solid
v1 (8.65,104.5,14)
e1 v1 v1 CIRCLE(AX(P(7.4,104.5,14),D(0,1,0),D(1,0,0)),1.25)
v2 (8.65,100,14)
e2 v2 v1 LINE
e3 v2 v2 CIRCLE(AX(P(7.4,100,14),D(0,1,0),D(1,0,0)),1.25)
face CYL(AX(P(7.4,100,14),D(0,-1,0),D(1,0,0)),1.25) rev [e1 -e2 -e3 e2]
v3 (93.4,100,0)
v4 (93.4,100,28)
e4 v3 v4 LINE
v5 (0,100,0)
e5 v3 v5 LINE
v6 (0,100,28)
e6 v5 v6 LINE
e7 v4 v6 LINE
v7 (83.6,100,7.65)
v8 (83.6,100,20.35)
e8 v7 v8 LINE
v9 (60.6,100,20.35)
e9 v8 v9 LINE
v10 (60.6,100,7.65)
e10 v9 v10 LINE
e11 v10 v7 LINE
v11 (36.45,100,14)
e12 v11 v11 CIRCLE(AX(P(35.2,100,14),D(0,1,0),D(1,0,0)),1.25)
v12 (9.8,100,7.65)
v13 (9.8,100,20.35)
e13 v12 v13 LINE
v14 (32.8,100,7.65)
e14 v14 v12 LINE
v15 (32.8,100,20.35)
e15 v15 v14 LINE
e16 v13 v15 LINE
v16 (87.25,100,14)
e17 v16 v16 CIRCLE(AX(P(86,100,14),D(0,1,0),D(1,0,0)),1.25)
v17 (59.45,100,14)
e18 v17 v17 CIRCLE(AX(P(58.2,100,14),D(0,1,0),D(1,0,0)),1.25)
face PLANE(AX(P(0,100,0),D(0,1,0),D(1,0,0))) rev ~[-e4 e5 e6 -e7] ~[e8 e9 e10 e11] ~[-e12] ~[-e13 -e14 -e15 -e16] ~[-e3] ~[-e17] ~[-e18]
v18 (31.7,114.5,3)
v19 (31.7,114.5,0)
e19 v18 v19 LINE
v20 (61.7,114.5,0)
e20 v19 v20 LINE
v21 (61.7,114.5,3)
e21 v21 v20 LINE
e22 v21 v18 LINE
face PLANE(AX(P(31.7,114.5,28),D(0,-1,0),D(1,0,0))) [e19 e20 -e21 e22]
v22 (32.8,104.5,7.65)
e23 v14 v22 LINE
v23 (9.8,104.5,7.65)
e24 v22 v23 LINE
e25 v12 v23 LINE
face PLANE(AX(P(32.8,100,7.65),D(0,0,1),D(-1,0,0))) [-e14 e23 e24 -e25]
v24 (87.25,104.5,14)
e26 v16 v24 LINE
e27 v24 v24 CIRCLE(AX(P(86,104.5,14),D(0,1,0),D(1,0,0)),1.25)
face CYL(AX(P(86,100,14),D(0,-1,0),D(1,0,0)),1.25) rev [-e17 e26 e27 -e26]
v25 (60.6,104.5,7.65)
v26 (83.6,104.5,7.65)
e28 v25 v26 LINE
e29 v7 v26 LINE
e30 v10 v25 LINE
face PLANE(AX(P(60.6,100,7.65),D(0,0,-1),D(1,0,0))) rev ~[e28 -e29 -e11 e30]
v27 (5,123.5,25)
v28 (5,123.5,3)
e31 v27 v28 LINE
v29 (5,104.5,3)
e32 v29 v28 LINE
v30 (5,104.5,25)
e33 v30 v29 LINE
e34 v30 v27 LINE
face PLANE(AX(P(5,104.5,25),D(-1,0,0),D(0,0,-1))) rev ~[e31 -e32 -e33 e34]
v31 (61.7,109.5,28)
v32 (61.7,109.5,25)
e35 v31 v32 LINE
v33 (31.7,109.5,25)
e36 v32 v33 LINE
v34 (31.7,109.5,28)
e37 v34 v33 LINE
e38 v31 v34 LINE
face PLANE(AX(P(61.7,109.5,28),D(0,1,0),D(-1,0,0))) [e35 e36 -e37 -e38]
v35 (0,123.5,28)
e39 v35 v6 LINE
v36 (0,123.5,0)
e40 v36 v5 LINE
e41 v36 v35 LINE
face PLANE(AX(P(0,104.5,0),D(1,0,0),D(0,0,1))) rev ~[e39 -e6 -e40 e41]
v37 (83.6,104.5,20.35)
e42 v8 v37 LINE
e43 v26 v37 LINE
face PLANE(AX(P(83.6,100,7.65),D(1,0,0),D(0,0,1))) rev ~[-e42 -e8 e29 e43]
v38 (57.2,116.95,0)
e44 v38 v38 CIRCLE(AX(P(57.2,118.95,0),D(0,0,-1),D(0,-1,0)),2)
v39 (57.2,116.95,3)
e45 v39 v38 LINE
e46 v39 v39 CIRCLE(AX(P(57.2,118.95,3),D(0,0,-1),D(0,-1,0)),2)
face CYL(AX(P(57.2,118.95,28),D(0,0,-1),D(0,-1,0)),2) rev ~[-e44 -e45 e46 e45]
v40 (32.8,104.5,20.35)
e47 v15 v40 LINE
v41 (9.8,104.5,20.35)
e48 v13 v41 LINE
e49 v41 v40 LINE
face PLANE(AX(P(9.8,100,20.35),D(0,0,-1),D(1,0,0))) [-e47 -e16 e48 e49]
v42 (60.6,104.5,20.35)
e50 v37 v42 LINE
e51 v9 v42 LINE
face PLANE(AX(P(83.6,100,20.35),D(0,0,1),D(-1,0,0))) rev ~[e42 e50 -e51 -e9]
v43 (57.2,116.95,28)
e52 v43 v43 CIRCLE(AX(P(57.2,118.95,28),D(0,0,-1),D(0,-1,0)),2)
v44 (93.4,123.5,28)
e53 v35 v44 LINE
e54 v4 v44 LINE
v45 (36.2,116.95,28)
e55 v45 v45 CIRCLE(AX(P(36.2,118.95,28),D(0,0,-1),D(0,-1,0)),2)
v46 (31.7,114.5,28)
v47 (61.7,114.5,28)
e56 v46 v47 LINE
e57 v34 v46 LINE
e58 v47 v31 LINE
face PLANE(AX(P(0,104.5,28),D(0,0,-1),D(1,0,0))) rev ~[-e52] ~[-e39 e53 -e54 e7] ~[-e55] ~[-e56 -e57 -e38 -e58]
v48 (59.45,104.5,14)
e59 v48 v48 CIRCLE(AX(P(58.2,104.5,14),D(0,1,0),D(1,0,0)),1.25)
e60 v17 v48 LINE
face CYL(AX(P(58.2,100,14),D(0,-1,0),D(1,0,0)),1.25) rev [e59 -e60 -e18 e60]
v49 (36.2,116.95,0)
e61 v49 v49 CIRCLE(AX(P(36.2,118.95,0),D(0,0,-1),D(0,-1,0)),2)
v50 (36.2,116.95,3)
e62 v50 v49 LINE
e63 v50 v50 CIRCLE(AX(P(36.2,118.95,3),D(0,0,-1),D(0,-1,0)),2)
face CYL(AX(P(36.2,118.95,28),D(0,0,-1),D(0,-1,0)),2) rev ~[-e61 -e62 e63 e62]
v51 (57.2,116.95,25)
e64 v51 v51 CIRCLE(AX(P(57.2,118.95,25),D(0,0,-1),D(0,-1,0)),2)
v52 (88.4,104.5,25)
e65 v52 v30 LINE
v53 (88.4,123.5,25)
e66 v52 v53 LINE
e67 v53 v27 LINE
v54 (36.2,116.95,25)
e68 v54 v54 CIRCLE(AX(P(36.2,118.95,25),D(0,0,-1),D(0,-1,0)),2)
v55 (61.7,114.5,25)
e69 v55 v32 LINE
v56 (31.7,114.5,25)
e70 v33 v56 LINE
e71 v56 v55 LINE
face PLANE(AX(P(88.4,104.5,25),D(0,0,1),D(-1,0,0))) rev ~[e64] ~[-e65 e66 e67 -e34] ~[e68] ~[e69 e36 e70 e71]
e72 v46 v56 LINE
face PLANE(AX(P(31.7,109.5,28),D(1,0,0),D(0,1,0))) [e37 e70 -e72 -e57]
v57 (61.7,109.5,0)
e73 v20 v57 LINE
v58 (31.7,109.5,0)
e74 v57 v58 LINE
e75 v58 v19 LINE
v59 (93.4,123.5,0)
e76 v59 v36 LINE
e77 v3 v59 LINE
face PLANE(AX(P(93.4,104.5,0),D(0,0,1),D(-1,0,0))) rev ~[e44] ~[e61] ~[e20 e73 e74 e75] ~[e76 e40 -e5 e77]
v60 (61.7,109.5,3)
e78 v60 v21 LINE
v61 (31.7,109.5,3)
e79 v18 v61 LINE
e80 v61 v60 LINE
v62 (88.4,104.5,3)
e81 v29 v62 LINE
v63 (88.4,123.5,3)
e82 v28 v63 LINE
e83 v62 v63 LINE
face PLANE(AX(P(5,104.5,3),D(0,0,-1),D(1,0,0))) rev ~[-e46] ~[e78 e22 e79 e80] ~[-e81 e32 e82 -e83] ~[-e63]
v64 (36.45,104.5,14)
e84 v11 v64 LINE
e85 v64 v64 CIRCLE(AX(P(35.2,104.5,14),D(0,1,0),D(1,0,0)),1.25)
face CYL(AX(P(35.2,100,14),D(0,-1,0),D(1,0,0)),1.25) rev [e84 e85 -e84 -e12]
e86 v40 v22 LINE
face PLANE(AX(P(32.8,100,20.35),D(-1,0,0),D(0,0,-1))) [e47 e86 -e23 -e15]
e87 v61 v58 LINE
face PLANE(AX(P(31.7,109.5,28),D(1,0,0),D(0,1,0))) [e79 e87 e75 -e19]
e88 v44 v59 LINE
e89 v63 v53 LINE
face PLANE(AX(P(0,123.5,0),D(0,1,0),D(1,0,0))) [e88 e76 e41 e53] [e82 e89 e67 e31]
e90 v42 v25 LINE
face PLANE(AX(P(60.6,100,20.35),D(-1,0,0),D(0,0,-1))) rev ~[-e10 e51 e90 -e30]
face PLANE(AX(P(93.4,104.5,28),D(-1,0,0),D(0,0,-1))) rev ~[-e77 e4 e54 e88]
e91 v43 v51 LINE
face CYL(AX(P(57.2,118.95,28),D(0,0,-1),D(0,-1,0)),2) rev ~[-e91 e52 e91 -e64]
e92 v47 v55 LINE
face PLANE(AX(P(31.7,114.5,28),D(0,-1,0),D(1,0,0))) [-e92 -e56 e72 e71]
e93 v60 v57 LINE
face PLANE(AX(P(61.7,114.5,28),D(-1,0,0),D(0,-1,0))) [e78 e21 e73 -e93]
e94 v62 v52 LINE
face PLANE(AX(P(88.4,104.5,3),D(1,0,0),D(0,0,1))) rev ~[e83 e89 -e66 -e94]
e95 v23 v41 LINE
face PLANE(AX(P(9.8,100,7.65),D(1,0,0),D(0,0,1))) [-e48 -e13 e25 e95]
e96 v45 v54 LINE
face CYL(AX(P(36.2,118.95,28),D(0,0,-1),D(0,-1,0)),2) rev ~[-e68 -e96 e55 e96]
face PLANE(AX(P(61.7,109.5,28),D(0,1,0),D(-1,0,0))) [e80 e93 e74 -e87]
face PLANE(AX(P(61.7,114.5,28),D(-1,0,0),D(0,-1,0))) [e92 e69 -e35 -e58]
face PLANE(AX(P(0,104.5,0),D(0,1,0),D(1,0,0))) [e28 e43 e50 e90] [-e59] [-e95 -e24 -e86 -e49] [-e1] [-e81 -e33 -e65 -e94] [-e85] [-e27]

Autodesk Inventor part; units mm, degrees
ref_plane "YZ Plane" through (0, 0, 0) normal (1, 0, 0) x (0, 1, 0)
ref_plane "XZ Plane" through (0, 0, 0) normal (0, 1, 0) x (-1, 0, 0)
ref_plane "XY Plane" through (0, 0, 0) normal (0, 0, 1) x (1, 0, 0)
sketch "Sketch1" plane through (0, 0, 0) normal (0, 0, 1) x (1, 0, 0)
  line L0 (0, 0) -> (93.4, 0)
  line L1 (93.4, 0) -> (93.4, 100)
  line L2 (93.4, 100) -> (0, 100)
  line L3 (0, 100) -> (0, 0)
  dimension "d0" = 93.4
  dimension "d1" = 100
extrude "Extrusion1" add sketch "Sketch1" along normal blind 3
sketch "Sketch2" plane through (0, 100, 0) normal (0, 1, 0) x (1, 0, 0)
  line L0 (0, 0) -> (0, -3) projected
  line L1 (0, 0) -> (93.4, 0)
  line L2 (93.4, 0) -> (93.4, -28)
  line L3 (93.4, -28) -> (0, -28)
  line L4 (0, -28) -> (0, 0)
  line L5 (93.4, 0) -> (0, 0) projected
  line L6 (0, 0) -> (0, -3) projected
  line L7 (93.4, -3) -> (0, -3) projected
  line L8 (93.4, 0) -> (93.4, -3) projected
  line L9 (93.4, -3) -> (0, -3) projected
  line L10 (83.6, -20.35) -> (60.6, -20.35)
  line L11 (60.6, -20.35) -> (60.6, -7.65)
  line L12 (60.6, -7.65) -> (83.6, -7.65)
  line L13 (83.6, -7.65) -> (83.6, -20.35)
  line L14 (32.8, -7.65) -> (9.8, -7.65)
  line L15 (9.8, -7.65) -> (9.8, -20.35)
  line L16 (9.8, -20.35) -> (32.8, -20.35)
  line L17 (32.8, -20.35) -> (32.8, -7.65)
  arc A0 (86.9526, -8.8) -> (86.9526, -9.9) centre (86, -9.35) ccw projected
  arc A1 (57.2474, -9.9) -> (57.2474, -8.8) centre (58.2, -9.35) ccw projected
  arc A2 (36.1526, -8.8) -> (36.1526, -9.9) centre (35.2, -9.35) ccw projected
  arc A3 (6.4474, -9.9) -> (6.4474, -8.8) centre (7.4, -9.35) ccw projected
  circle A4 centre (7.4, -14) radius 1.25
  circle A5 centre (35.2, -14) radius 1.25
  circle A6 centre (58.2, -14) radius 1.25
  circle A7 centre (86, -14) radius 1.25
  point P0 (9.8, -3)
  point P1 (32.8, -3)
  point P2 (60.6, -3)
  point P3 (83.6, -3)
  point P4 (32.8, -14)
  dimension "d4" = 3
  dimension "d6" = 9.8
  dimension "d7" = 7.65
  dimension "d8" = 23
  dimension "d9" = 9.8
  dimension "d13" = 12.7
  dimension "d14" = 28
  dimension "d15" = 7.65
  dimension "d16" = 2.5
extrude "Extrusion2" add sketch "Sketch2" along normal blind 4.5
sketch "Sketch3" plane through (0, 104.5, 0) normal (0, 1, 0) x (1, 0, 0)
  line L0 (93.4, -28) -> (93.4, 0) projected
  line L1 (93.4, 0) -> (0, 0) projected
  line L2 (0, 0) -> (0, -28) projected
  line L3 (0, -28) -> (93.4, -28) projected
  circle A0 centre (86, -14) radius 1.25 projected
  circle A1 centre (7.4, -14) radius 1.25 projected
  circle A2 centre (35.2, -14) radius 1.25 projected
  circle A3 centre (58.2, -14) radius 1.25 projected
  line L4 (32.8, -7.65) -> (32.8, -20.35) projected
  line L5 (32.8, -20.35) -> (9.8, -20.35) projected
  line L6 (9.8, -20.35) -> (9.8, -7.65) projected
  line L7 (9.8, -7.65) -> (32.8, -7.65) projected
  line L8 (83.6, -20.35) -> (60.6, -20.35) projected
  line L9 (60.6, -20.35) -> (60.6, -7.65) projected
  line L10 (60.6, -7.65) -> (83.6, -7.65) projected
  line L11 (83.6, -7.65) -> (83.6, -20.35) projected
  line L12 (88.4, -25) -> (5, -25)
  line L13 (5, -25) -> (5, -3)
  line L14 (5, -3) -> (88.4, -3)
  line L15 (88.4, -3) -> (88.4, -25)
  point P0 (88.4, -14)
  point P1 (93.4, -14)
  dimension "d17" = 5
  dimension "d18" = 5
  dimension "d19" = 22
extrude "Extrusion3" add sketch "Sketch3" along normal blind 19 contours L3 L2 L1 L0
sketch "Sketch4" plane through (0, 100, 28) normal (0, 0, 1) x (1, 0, 0)
  line L0 (0, 0) -> (93.4, 0) projected
  line L1 (93.4, 0) -> (93.4, 23.5) projected
  line L2 (0, 23.5) -> (93.4, 23.5) projected
  line L3 (0, 0) -> (0, 23.5) projected
  point P0 (0, -100)
  point P1 (36.2, 18.95)
  point P2 (46.7, 23.5)
  point P3 (57.2, 18.95)
  dimension "d23" = 36.2
  dimension "d24" = 36.2
  dimension "d25" = 4.55
hole "Hole1" at (36.2, 118.95, 28) at (57.2, 118.95, 28) direction (0, 0, -1) diameter 4 end through all
sketch "Sketch5" plane through (0, 100, 28) normal (0, 0, 1) x (1, 0, 0)
  circle A0 centre (36.2, 18.95) radius 2 projected
  circle A1 centre (57.2, 18.95) radius 2 projected
  line L0 (0, 0) -> (93.4, 0) projected
  line L1 (93.4, 0) -> (93.4, 23.5) projected
  line L2 (0, 23.5) -> (93.4, 23.5) projected
  line L3 (0, 0) -> (0, 23.5) projected
  line L4 (61.7, 9.5) -> (31.7, 9.5)
  line L5 (31.7, 9.5) -> (31.7, 14.5)
  line L6 (31.7, 14.5) -> (61.7, 14.5)
  line L7 (61.7, 14.5) -> (61.7, 9.5)
  point P0 (0, -100)
  point P1 (46.7, 14.5)
  point P2 (46.7, 23.5)
  dimension "d33" = 9
  dimension "d34" = 14
  dimension "d35" = 30
extrude "Extrusion4" cut sketch "Sketch5" against normal through all contours L4 L5 L6 L7
sketch "Sketch6" plane through (0, 0, 3) normal (0, 0, 1) x (1, 0, 0)
  line L0 (93.4, 0) -> (93.4, 100) projected
  line L1 (93.4, 100) -> (0, 100) projected
  line L2 (0, 100) -> (0, 0) projected
  line L3 (0, 0) -> (93.4, 0) projected
extrude "Extrusion5" cut sketch "Sketch6" against normal blind 10
equation "\"d7\" = d15"
equation "\"d9\" = d6"
equation "\"d18\" = d17"
equation "\"d24\" = d23"
properties part number "Frame"
